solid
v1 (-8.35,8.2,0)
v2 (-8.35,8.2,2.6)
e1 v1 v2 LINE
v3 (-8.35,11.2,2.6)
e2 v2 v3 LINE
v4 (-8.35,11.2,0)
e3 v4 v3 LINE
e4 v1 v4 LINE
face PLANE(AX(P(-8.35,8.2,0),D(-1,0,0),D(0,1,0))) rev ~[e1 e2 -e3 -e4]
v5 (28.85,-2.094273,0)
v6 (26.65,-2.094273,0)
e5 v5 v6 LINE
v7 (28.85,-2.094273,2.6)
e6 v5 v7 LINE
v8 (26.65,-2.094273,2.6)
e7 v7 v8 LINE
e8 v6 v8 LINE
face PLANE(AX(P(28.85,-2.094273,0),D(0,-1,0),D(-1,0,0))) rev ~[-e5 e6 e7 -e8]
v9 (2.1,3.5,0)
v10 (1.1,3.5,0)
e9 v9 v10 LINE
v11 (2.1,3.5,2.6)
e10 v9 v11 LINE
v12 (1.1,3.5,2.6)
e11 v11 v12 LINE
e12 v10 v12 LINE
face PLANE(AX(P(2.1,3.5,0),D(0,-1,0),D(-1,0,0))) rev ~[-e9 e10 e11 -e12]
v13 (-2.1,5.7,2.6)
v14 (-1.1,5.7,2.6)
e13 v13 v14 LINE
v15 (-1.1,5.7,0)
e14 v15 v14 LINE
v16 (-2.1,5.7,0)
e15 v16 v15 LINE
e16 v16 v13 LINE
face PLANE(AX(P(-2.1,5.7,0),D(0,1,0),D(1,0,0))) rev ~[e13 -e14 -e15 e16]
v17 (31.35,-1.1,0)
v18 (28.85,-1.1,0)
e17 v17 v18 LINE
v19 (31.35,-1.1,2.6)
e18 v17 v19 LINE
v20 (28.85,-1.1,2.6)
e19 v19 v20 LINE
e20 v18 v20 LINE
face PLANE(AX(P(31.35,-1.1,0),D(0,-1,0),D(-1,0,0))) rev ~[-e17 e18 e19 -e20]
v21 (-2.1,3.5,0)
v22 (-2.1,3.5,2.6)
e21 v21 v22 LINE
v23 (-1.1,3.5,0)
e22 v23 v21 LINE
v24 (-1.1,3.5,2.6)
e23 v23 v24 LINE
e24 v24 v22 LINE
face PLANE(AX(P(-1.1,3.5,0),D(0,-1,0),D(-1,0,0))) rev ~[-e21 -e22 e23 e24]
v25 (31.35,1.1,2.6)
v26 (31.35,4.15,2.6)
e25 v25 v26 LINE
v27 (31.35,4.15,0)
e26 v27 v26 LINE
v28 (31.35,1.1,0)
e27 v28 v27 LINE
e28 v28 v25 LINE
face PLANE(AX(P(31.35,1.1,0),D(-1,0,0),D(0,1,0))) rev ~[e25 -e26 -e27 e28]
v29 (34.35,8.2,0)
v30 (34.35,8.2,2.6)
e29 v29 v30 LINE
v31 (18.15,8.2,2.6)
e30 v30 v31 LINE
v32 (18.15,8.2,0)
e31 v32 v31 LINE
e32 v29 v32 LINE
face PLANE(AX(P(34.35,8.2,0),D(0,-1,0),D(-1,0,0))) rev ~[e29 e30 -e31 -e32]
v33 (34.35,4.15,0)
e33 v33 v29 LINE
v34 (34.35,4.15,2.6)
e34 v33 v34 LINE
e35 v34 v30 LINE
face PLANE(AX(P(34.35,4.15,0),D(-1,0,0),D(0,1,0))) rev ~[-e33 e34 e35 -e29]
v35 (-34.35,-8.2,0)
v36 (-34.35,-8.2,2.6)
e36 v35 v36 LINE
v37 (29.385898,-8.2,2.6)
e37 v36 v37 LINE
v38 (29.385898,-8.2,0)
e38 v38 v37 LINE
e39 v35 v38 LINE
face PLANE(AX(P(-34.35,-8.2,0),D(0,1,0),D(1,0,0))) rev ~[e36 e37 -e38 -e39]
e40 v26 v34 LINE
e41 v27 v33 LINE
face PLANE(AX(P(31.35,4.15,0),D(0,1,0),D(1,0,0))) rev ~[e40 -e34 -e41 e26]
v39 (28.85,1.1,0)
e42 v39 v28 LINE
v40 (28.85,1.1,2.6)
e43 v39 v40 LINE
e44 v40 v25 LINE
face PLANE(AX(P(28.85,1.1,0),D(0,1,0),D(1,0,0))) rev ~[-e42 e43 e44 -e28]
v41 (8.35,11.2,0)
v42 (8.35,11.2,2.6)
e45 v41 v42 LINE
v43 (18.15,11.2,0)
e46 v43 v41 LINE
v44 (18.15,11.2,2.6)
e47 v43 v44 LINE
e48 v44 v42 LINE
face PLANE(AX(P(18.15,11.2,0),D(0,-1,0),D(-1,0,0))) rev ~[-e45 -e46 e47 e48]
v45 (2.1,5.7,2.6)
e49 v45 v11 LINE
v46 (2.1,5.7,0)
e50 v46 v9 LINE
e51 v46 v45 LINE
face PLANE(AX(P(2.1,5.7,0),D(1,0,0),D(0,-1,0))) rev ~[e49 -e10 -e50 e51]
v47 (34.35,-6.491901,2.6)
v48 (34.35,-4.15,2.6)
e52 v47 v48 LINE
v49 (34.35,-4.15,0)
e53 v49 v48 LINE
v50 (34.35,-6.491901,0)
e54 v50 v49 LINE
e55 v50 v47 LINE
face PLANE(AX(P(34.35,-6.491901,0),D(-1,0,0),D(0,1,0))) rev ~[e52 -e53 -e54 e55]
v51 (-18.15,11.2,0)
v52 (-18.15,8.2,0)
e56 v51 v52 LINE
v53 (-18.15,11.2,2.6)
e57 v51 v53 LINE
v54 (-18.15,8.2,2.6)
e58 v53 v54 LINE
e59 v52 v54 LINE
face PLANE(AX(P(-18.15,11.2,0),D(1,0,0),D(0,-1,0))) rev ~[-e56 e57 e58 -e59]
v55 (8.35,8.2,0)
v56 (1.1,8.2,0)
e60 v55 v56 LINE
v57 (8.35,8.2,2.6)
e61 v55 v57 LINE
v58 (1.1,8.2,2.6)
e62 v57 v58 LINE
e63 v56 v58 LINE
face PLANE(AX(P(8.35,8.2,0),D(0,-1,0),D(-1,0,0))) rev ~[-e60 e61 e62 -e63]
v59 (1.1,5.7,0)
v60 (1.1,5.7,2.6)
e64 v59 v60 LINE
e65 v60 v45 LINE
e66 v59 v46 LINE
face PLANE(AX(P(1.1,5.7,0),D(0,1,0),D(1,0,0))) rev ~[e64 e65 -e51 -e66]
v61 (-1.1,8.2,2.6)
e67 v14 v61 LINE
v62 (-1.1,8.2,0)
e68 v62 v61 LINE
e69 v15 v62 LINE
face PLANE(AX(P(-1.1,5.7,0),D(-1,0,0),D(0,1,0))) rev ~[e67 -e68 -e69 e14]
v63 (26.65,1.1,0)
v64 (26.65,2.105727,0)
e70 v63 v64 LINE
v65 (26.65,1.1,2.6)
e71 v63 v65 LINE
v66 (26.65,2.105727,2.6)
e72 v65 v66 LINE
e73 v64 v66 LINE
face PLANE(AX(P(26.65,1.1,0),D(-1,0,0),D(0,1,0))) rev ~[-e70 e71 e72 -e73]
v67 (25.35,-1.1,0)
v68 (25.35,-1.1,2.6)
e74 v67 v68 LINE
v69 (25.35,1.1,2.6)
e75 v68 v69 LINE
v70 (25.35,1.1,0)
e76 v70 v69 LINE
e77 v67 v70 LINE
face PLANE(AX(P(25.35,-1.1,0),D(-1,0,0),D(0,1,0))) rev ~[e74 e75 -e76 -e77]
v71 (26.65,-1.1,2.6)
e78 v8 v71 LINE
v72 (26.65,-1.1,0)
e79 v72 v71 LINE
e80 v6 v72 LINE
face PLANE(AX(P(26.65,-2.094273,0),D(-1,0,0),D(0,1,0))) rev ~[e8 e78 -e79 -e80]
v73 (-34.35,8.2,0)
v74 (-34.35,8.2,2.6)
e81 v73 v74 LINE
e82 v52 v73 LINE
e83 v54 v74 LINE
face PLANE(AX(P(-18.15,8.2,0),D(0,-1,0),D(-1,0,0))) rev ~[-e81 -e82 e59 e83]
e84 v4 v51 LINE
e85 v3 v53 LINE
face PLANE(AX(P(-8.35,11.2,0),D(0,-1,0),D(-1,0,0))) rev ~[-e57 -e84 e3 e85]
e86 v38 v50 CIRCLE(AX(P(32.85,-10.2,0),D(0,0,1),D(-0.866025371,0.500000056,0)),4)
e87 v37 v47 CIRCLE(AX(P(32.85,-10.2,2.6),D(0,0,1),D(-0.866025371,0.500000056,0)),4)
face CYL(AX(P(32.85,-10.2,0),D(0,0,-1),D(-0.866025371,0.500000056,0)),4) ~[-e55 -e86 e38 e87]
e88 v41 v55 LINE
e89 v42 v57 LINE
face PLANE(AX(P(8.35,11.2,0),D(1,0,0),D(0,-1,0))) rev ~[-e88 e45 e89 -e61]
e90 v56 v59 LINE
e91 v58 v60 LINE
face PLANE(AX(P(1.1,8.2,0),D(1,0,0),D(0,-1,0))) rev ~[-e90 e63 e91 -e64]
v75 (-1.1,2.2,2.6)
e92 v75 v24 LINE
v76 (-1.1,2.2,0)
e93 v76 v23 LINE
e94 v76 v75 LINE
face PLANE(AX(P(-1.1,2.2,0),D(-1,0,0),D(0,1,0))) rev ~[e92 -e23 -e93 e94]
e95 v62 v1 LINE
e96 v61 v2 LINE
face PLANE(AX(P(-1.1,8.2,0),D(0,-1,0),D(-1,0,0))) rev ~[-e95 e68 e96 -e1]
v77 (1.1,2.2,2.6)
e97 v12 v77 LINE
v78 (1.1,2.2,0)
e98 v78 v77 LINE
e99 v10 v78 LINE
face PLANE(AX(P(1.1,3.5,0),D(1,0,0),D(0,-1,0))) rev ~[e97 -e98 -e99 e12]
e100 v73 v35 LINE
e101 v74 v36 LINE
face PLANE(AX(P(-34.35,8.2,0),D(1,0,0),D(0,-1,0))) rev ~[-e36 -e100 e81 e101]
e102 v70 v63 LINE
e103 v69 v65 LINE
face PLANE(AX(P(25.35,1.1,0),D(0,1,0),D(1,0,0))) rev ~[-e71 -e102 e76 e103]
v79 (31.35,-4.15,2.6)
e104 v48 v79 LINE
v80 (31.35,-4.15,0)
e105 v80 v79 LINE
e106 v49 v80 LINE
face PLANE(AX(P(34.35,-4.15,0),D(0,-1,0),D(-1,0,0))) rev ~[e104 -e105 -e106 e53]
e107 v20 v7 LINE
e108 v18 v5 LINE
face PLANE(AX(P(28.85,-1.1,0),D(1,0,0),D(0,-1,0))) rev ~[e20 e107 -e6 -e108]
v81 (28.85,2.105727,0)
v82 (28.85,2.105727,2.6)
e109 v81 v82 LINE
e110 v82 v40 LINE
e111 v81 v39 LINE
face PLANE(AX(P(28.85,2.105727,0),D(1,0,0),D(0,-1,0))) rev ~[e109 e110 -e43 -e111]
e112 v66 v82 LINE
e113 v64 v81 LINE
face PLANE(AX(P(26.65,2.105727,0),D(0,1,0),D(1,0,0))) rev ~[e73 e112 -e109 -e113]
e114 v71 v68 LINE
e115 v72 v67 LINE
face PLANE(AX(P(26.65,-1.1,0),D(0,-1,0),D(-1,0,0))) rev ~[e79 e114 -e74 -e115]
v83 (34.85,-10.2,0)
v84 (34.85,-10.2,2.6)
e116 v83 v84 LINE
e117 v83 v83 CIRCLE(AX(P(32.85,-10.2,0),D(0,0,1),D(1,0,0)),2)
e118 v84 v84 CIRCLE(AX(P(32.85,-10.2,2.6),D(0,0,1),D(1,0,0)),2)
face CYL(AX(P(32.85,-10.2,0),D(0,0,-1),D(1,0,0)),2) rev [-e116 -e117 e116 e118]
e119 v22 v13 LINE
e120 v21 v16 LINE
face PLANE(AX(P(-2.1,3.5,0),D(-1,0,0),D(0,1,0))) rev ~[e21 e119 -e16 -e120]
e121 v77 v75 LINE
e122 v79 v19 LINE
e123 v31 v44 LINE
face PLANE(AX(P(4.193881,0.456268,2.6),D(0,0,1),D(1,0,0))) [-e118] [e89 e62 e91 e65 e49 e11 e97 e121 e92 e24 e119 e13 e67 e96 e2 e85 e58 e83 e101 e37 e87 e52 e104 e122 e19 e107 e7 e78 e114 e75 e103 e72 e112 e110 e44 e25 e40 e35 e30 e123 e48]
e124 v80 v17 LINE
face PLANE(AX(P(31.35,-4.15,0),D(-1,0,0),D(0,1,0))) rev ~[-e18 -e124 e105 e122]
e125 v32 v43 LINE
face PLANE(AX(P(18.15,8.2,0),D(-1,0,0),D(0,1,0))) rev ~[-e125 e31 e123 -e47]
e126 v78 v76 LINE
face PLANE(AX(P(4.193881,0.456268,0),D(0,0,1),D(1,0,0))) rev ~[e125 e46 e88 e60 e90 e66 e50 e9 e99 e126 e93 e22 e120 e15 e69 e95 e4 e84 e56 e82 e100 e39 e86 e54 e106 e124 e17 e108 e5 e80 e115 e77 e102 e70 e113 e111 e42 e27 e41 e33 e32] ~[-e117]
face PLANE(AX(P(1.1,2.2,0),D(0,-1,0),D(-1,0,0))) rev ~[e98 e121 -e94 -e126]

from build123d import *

# Parameters (mm, degrees)
F0_R     = 2
F1_DEPTH = 2.6


with BuildPart() as f1:
    # F0 (on Top) → F1 (new body)
    with BuildSketch(Plane.XY):
        with BuildLine():
            Line((34.35, 4.15), (34.35, 8.2))
            Line((34.35, 8.2), (18.15, 8.2))
            Line((18.15, 8.2), (18.15, 11.2))
            Line((18.15, 11.2), (8.35, 11.2))
            Line((8.35, 11.2), (8.35, 8.2))
            Line((8.35, 8.2), (1.1, 8.2))
            Line((1.1, 8.2), (1.1, 5.7))
            Line((1.1, 5.7), (2.1, 5.7))
            Line((2.1, 5.7), (2.1, 3.5))
            Line((2.1, 3.5), (1.1, 3.5))
            Line((1.1, 3.5), (1.1, 2.2))
            Line((1.1, 2.2), (-1.1, 2.2))
            Line((-1.1, 2.2), (-1.1, 3.5))
            Line((-1.1, 3.5), (-2.1, 3.5))
            Line((-2.1, 3.5), (-2.1, 5.7))
            Line((-2.1, 5.7), (-1.1, 5.7))
            Line((-1.1, 5.7), (-1.1, 8.2))
            Line((-1.1, 8.2), (-8.35, 8.2))
            Line((-8.35, 8.2), (-8.35, 11.2))
            Line((-8.35, 11.2), (-18.15, 11.2))
            Line((-18.15, 11.2), (-18.15, 8.2))
            Line((-18.15, 8.2), (-34.35, 8.2))
            Line((-34.35, 8.2), (-34.35, -8.2))
            Line((-34.35, -8.2), (29.385898, -8.2))
            ThreePointArc((29.385898, -8.2), (34.15147, -13.982351), (34.35, -6.491901))
            Line((34.35, -6.491901), (34.35, -4.15))
            Line((34.35, -4.15), (31.35, -4.15))
            Line((31.35, -4.15), (31.35, -1.1))
            Line((31.35, -1.1), (28.85, -1.1))
            Line((28.85, -1.1), (28.85, -2.094273))
            Line((28.85, -2.094273), (26.65, -2.094273))
            Line((26.65, -2.094273), (26.65, -1.1))
            Line((26.65, -1.1), (25.35, -1.1))
            Line((25.35, -1.1), (25.35, 1.1))
            Line((25.35, 1.1), (26.65, 1.1))
            Line((26.65, 1.1), (26.65, 2.105727))
            Line((26.65, 2.105727), (28.85, 2.105727))
            Line((28.85, 2.105727), (28.85, 1.1))
            Line((28.85, 1.1), (31.35, 1.1))
            Line((31.35, 1.1), (31.35, 4.15))
            Line((31.35, 4.15), (34.35, 4.15))
        make_face()
        with Locations((32.85, -10.2)):
            Circle(F0_R, mode=Mode.SUBTRACT)
    extrude(amount=F1_DEPTH)


solid = f1.part
